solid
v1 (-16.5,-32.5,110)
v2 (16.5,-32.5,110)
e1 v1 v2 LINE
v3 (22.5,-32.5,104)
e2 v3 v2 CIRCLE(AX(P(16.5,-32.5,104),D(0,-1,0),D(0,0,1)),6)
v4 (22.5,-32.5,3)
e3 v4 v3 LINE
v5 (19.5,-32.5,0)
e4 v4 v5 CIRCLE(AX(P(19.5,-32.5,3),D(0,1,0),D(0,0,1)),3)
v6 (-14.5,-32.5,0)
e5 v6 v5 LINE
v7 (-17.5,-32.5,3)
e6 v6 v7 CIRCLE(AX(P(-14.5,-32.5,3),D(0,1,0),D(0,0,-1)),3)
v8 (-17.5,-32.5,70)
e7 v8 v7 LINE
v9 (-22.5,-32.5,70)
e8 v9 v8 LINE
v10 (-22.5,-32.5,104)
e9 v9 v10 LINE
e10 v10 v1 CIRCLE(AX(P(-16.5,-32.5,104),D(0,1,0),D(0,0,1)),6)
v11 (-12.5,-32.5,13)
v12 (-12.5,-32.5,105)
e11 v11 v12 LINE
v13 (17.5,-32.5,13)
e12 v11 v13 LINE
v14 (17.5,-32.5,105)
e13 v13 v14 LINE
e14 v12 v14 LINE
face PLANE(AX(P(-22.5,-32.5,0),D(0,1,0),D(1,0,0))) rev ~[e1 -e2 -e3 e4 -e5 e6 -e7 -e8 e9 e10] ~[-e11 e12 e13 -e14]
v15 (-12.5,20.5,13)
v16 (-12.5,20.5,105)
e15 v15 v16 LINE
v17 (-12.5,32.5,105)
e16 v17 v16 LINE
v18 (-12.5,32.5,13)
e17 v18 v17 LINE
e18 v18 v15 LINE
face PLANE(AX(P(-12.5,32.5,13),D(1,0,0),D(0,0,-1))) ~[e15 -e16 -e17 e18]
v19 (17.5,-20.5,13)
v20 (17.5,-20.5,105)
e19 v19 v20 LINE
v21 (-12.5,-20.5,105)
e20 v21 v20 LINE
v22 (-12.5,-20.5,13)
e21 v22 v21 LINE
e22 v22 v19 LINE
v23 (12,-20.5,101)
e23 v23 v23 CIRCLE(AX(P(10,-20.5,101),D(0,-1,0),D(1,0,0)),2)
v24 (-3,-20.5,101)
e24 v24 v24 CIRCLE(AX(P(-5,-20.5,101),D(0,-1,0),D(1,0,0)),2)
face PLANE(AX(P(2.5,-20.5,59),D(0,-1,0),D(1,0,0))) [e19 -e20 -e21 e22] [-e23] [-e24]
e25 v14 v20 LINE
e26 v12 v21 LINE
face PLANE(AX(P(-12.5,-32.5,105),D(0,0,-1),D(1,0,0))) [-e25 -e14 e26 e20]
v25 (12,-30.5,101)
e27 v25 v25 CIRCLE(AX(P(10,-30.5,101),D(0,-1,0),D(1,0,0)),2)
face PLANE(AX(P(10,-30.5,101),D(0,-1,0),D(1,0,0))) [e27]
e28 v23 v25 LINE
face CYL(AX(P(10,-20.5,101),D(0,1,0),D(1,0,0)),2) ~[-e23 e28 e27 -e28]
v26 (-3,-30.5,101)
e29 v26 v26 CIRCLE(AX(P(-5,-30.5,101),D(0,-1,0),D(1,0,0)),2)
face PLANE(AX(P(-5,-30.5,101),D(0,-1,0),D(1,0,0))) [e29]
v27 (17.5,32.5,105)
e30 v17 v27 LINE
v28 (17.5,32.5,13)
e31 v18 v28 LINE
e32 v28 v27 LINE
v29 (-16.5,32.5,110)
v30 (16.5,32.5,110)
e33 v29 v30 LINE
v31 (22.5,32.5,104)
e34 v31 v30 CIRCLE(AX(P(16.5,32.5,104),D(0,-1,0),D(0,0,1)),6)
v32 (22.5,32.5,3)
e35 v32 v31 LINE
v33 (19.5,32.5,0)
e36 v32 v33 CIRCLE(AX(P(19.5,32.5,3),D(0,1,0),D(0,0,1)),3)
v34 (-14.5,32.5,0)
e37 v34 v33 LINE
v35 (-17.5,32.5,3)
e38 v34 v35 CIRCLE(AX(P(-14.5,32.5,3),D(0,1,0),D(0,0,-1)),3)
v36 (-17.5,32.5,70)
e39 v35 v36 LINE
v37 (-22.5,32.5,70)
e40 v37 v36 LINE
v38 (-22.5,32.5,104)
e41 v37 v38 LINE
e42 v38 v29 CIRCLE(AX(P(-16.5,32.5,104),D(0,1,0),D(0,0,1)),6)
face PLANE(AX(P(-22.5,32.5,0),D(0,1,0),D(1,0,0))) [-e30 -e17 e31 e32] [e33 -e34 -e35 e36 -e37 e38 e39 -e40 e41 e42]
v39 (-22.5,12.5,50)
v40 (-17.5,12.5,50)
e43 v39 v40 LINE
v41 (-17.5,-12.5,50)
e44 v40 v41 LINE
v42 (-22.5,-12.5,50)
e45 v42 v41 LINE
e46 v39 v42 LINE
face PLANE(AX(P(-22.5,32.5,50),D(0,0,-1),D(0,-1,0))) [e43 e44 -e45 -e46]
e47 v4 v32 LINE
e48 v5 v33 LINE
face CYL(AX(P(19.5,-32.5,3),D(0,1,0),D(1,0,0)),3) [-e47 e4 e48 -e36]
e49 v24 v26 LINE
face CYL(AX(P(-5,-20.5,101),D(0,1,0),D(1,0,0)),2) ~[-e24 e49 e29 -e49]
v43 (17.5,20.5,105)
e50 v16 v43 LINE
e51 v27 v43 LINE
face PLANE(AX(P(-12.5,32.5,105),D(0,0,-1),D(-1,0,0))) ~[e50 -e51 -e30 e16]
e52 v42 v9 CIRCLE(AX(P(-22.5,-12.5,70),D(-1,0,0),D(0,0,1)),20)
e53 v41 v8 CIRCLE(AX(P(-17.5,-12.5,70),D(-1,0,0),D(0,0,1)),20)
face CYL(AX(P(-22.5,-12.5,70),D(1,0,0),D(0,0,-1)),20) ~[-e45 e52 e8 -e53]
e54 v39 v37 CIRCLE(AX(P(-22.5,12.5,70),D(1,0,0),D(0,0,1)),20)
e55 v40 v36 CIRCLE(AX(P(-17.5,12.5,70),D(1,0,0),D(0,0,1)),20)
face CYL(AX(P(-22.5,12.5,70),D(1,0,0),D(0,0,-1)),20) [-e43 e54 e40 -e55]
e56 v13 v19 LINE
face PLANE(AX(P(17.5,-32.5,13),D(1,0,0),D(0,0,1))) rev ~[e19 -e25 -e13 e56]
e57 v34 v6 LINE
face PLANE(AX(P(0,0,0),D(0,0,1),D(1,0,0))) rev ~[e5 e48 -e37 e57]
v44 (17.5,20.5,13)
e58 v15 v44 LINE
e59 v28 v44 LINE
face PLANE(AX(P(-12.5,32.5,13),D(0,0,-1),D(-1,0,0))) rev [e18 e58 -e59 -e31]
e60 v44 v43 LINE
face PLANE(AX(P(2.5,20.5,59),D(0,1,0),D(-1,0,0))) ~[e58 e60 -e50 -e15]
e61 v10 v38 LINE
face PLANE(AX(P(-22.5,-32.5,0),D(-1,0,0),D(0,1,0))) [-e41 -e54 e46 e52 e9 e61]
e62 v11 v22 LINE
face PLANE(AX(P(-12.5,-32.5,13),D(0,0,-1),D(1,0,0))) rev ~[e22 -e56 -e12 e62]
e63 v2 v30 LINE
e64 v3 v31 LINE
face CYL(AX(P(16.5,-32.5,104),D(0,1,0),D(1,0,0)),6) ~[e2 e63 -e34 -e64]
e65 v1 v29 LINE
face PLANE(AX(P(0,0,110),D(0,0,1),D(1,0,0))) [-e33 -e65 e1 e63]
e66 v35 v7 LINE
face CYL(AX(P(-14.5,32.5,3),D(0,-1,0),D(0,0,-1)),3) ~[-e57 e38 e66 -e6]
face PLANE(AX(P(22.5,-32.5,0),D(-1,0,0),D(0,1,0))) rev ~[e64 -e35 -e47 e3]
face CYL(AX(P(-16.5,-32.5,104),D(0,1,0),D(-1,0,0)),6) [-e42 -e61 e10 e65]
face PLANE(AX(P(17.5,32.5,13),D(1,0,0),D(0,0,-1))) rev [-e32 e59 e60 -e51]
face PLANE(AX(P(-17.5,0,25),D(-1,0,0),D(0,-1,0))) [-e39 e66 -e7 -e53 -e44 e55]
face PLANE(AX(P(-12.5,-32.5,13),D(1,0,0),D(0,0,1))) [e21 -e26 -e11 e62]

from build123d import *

# Parameters (mm, degrees)
SKETCH025_W     = 45
SKETCH025_H     = 65
PAD010_DEPTH    = 110
FILLET009_R     = 6
SKETCH026_W     = 30
SKETCH026_H     = 92
POCKET013_DEPTH = 12
SKETCH027_R     = 2
PAD011_DEPTH    = 10
SKETCH028_W     = 65
SKETCH028_H     = 50
POCKET014_DEPTH = 5
FILLET010_R     = 20
FILLET011_R     = 3


with BuildPart() as part:
    # Sketch025 → Pad010 (new body)
    with BuildSketch(Plane.XY):
        Rectangle(SKETCH025_W, SKETCH025_H)
    extrude(amount=PAD010_DEPTH)

    # Fillet009
    fillet009_edges = [part.edges().sort_by_distance(p)[0] for p in [
        (-22.5, 0, 110),
        (22.5, 0, 110),
    ]]
    fillet(fillet009_edges, radius=FILLET009_R)

    # Sketch026 (on Face2 of Fillet009) → Pocket013 (cut)
    with BuildSketch(Plane.XZ.offset(32.5)):
        with Locations((2.5, 59)):
            Rectangle(SKETCH026_W, SKETCH026_H)
    pocket013 = extrude(amount=-POCKET013_DEPTH, mode=Mode.SUBTRACT)

    # Mirrored001: Pocket013 across XZ
    add(pocket013.mirror(Plane.XZ), mode=Mode.SUBTRACT)

    # Sketch027 (on Face17 of Mirrored001) → Pad011 (join)
    with BuildSketch(Plane.XZ.offset(20.5)):
        with Locations((-5, 101)):
            Circle(SKETCH027_R)
        with Locations((10, 101)):
            Circle(SKETCH027_R)
    extrude(amount=PAD011_DEPTH)

    # Sketch028 (on Face1 of Pad011) → Pocket014 (cut)
    with BuildSketch(Plane(origin=(-22.5, 0, 0), x_dir=(0, -1, 0), z_dir=(-1, 0, 0))):
        with Locations((0, 25)):
            Rectangle(SKETCH028_W, SKETCH028_H)
    extrude(amount=-POCKET014_DEPTH, mode=Mode.SUBTRACT)

    # Fillet010
    fillet010_edges = [part.edges().sort_by_distance(p)[0] for p in [
        (-20, 32.5, 50),
        (-20, -32.5, 50),
    ]]
    fillet(fillet010_edges, radius=FILLET010_R)

    # Fillet011
    fillet011_edges = [part.edges().sort_by_distance(p)[0] for p in [
        (-17.5, 0, 0),
        (22.5, 0, 0),
    ]]
    fillet(fillet011_edges, radius=FILLET011_R)


solid = part.part
